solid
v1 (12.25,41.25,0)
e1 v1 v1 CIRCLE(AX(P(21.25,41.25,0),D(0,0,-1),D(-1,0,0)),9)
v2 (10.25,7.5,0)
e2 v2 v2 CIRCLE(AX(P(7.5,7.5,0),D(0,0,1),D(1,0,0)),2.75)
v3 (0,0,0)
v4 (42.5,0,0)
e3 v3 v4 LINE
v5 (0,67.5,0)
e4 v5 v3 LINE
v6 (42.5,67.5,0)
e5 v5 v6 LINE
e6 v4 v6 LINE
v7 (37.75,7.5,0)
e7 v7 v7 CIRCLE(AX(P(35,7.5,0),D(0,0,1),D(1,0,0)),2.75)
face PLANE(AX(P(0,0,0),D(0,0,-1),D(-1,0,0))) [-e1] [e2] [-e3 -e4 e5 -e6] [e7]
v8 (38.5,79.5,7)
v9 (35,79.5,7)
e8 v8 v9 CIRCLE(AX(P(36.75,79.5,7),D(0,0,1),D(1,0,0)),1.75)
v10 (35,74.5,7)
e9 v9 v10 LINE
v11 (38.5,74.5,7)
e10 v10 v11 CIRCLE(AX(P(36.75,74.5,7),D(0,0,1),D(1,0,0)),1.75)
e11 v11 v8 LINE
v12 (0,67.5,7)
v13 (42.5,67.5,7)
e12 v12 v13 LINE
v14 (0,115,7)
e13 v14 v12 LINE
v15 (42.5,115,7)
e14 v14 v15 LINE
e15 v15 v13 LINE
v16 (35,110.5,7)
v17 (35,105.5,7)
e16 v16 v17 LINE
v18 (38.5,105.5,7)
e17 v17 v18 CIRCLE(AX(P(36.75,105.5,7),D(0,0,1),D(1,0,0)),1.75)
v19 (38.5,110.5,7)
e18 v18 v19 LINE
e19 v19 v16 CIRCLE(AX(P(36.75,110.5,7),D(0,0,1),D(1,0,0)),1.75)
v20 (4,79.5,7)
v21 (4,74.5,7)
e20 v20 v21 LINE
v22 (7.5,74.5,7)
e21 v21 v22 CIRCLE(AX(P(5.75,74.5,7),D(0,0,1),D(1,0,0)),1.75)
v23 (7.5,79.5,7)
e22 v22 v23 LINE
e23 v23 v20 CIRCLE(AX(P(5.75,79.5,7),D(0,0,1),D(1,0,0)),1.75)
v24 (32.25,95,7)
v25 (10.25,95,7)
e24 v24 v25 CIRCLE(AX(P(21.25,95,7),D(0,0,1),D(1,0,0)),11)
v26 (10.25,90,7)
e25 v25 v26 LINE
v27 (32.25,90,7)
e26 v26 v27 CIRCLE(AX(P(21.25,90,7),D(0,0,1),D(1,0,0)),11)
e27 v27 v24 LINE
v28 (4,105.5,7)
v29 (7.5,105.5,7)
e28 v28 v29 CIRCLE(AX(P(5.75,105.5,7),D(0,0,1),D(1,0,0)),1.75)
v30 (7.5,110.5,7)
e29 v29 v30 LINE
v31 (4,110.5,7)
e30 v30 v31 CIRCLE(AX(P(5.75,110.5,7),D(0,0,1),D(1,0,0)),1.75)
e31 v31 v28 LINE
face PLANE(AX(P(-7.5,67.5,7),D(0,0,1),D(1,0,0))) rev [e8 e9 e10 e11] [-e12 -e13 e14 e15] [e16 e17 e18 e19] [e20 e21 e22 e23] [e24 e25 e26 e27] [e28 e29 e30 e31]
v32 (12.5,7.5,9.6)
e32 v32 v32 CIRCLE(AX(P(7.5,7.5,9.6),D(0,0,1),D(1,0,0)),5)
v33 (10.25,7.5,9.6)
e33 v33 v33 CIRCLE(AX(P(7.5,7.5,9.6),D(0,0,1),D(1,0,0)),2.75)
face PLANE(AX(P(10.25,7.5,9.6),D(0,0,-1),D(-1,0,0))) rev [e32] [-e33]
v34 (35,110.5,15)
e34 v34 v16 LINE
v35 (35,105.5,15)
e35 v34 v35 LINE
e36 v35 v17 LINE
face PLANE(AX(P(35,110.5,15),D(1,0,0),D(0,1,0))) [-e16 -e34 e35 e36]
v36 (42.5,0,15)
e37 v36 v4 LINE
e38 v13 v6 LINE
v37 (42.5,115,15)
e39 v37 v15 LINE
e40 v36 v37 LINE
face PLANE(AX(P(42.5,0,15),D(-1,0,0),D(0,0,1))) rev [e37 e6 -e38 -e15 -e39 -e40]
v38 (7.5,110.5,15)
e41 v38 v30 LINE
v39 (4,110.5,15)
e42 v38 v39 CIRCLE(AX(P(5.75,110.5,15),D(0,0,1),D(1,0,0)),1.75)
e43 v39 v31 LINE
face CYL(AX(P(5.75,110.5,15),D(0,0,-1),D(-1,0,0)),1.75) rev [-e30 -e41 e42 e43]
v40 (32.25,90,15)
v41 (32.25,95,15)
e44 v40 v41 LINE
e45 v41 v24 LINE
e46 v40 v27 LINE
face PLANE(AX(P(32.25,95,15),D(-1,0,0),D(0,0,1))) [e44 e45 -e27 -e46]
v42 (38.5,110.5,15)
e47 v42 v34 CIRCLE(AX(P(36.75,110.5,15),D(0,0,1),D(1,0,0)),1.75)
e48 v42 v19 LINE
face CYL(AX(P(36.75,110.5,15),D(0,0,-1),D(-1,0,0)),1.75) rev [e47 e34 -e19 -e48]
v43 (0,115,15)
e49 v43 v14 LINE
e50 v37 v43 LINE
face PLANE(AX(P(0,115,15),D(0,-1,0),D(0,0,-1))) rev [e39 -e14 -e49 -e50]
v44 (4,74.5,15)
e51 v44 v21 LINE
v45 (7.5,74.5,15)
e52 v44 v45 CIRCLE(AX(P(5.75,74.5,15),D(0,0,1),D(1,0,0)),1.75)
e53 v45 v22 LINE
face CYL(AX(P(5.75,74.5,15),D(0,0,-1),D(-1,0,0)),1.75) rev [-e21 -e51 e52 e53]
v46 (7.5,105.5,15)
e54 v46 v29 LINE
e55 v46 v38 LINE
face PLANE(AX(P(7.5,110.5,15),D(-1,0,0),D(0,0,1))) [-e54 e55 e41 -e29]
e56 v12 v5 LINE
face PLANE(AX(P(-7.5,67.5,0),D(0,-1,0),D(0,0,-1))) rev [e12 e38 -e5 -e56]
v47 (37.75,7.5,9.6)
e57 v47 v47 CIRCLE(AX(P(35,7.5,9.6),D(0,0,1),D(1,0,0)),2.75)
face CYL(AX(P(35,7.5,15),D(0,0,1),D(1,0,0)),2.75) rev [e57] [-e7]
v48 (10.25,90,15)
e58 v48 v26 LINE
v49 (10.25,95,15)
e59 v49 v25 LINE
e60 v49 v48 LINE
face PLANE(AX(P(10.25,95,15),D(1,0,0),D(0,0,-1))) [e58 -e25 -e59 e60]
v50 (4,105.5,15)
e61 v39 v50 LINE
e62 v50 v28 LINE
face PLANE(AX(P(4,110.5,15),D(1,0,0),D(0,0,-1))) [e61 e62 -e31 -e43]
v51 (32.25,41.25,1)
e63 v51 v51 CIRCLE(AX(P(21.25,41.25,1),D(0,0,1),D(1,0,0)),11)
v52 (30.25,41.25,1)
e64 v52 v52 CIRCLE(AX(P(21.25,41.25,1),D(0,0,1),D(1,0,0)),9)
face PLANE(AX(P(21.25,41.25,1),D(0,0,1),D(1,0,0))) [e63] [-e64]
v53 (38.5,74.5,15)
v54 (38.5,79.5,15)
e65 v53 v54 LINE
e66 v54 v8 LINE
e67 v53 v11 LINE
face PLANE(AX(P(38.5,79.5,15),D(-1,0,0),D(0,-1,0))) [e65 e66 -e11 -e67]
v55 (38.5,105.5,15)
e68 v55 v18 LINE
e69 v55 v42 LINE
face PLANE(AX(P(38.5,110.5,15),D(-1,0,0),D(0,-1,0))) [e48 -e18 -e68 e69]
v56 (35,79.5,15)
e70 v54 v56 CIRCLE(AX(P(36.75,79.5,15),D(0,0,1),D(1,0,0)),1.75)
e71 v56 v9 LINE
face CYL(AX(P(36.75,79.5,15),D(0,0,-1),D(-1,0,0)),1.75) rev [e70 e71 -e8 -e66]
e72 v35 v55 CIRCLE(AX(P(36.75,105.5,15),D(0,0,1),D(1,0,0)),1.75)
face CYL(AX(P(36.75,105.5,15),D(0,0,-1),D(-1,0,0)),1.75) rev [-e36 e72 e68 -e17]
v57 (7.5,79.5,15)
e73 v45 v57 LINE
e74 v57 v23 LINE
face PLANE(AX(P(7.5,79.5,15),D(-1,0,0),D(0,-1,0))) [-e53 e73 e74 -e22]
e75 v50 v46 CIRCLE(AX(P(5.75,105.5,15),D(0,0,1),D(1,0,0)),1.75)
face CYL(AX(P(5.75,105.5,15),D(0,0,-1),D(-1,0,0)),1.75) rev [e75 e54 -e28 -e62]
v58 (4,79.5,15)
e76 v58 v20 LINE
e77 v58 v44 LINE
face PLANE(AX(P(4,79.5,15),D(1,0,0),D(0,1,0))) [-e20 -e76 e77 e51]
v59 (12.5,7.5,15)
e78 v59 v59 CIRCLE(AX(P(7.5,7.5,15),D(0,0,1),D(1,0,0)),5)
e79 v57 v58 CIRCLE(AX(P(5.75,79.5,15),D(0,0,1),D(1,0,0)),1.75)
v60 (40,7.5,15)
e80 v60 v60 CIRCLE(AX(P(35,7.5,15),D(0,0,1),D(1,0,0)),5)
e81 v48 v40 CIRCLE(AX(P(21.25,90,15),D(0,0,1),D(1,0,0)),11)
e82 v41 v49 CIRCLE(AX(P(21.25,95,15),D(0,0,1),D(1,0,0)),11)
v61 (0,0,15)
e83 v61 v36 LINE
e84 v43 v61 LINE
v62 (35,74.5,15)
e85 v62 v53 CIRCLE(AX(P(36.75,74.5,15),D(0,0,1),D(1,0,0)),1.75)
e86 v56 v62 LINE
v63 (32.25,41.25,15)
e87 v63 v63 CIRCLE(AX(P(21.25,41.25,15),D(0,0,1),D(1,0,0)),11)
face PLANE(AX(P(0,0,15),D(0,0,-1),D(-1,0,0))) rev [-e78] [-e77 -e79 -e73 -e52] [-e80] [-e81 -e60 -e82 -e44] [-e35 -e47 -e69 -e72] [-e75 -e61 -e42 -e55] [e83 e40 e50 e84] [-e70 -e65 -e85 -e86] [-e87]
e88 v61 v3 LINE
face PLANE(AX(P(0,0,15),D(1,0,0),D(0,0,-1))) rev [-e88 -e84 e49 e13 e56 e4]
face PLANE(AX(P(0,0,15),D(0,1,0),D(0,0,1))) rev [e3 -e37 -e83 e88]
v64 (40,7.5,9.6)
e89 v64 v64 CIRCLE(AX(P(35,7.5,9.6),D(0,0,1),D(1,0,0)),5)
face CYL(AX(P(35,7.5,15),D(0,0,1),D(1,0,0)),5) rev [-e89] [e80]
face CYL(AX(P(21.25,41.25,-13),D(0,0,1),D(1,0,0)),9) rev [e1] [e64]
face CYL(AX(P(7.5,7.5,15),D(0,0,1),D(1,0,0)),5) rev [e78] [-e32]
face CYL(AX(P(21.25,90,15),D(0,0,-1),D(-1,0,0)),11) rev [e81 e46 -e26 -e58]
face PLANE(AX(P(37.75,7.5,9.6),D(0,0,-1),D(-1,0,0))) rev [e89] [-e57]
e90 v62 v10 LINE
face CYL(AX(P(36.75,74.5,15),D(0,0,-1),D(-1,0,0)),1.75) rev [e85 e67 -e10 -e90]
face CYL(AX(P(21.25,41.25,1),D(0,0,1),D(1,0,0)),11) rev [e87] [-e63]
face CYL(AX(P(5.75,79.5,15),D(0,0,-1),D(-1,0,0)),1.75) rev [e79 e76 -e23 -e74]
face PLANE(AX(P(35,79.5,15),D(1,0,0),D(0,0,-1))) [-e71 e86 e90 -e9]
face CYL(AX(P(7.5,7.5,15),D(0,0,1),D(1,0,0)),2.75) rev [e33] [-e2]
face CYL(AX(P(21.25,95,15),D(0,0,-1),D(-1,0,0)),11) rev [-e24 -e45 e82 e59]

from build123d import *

# Parameters (mm, degrees)
SKIZZE1_W                                            = 42.5
SKIZZE1_H                                            = 115
AUFSATZ_LINEAR_AUSTRAGEN1_DEPTH                      = 15
SKIZZE2_R                                            = 11
SCHNITT_LINEAR_AUSTRAGEN1_DEPTH                      = 14
SKIZZE3_R                                            = 9
SCHNITT_LINEAR_AUSTRAGEN2_DEPTH                      = 14
STIRNSENKUNG_F_R_M5_ZYLINDERSCHRAUBE_MIT_D           = 5.5
STIRNSENKUNG_F_R_M5_ZYLINDERSCHRAUBE_MIT_CBORE_D     = 10
STIRNSENKUNG_F_R_M5_ZYLINDERSCHRAUBE_MIT_CBORE_DEPTH = 5.4
SKIZZE6_W                                            = 7
SKIZZE6_H                                            = 47.5
SCHNITT_LINEAR_AUSTRAGEN3_DEPTH                      = 50


with BuildPart() as part:
    # Skizze1 → Aufsatz-Linear austragen1 (new body)
    with BuildSketch(Plane.XY):
        with Locations((21.25, 57.5)):
            Rectangle(SKIZZE1_W, SKIZZE1_H)
        with BuildLine():
            Line((32.25, 95), (32.25, 90))
            ThreePointArc((32.25, 90), (21.25, 79), (10.25, 90))
            Line((10.25, 90), (10.25, 95))
            ThreePointArc((10.25, 95), (21.25, 106), (32.25, 95))
        make_face(mode=Mode.SUBTRACT)
        with BuildLine():
            Line((7.5, 110.5), (7.5, 105.5))
            ThreePointArc((7.5, 105.5), (5.75, 103.75), (4, 105.5))
            Line((4, 105.5), (4, 110.5))
            ThreePointArc((4, 110.5), (5.75, 112.25), (7.5, 110.5))
        make_face(mode=Mode.SUBTRACT)
        with BuildLine():
            Line((38.5, 110.5), (38.5, 105.5))
            ThreePointArc((38.5, 105.5), (36.75, 103.75), (35, 105.5))
            Line((35, 105.5), (35, 110.5))
            ThreePointArc((35, 110.5), (36.75, 112.25), (38.5, 110.5))
        make_face(mode=Mode.SUBTRACT)
        with BuildLine():
            Line((38.5, 79.5), (38.5, 74.5))
            ThreePointArc((38.5, 74.5), (36.75, 72.75), (35, 74.5))
            Line((35, 74.5), (35, 79.5))
            ThreePointArc((35, 79.5), (36.75, 81.25), (38.5, 79.5))
        make_face(mode=Mode.SUBTRACT)
        with BuildLine():
            Line((7.5, 79.5), (7.5, 74.5))
            ThreePointArc((7.5, 74.5), (5.75, 72.75), (4, 74.5))
            Line((4, 74.5), (4, 79.5))
            ThreePointArc((4, 79.5), (5.75, 81.25), (7.5, 79.5))
        make_face(mode=Mode.SUBTRACT)
    extrude(amount=AUFSATZ_LINEAR_AUSTRAGEN1_DEPTH)

    # Skizze2 → Schnitt-Linear austragen1 (cut)
    with BuildSketch(Plane.XY.offset(15)):
        with Locations((21.25, 41.25)):
            Circle(SKIZZE2_R)
    extrude(amount=-SCHNITT_LINEAR_AUSTRAGEN1_DEPTH, mode=Mode.SUBTRACT)

    # Skizze3 → Schnitt-Linear austragen2 (cut)
    with BuildSketch(Plane.XY.offset(1)):
        with Locations((21.25, 41.25)):
            Circle(SKIZZE3_R)
    extrude(amount=-SCHNITT_LINEAR_AUSTRAGEN2_DEPTH, mode=Mode.SUBTRACT)

    # Stirnsenkung für M5 Zylinderschraube mit Innensechskant1 (through all)
    with Locations(Plane(origin=(35, 7.5, 15), x_dir=(1, 0, 0), z_dir=(0, 0, 1))):
        with Locations((0, 0), (-27.5, 0)):
            CounterBoreHole(STIRNSENKUNG_F_R_M5_ZYLINDERSCHRAUBE_MIT_D / 2, STIRNSENKUNG_F_R_M5_ZYLINDERSCHRAUBE_MIT_CBORE_D / 2, STIRNSENKUNG_F_R_M5_ZYLINDERSCHRAUBE_MIT_CBORE_DEPTH)

    # Skizze6 → Schnitt-Linear austragen3 (cut)
    with BuildSketch(Plane(origin=(42.5, 0, 0), x_dir=(0, 0, -1), z_dir=(1, 0, 0))):
        with Locations((-3.5, 91.25)):
            Rectangle(SKIZZE6_W, SKIZZE6_H)
    extrude(amount=-SCHNITT_LINEAR_AUSTRAGEN3_DEPTH, mode=Mode.SUBTRACT)


solid = part.part
